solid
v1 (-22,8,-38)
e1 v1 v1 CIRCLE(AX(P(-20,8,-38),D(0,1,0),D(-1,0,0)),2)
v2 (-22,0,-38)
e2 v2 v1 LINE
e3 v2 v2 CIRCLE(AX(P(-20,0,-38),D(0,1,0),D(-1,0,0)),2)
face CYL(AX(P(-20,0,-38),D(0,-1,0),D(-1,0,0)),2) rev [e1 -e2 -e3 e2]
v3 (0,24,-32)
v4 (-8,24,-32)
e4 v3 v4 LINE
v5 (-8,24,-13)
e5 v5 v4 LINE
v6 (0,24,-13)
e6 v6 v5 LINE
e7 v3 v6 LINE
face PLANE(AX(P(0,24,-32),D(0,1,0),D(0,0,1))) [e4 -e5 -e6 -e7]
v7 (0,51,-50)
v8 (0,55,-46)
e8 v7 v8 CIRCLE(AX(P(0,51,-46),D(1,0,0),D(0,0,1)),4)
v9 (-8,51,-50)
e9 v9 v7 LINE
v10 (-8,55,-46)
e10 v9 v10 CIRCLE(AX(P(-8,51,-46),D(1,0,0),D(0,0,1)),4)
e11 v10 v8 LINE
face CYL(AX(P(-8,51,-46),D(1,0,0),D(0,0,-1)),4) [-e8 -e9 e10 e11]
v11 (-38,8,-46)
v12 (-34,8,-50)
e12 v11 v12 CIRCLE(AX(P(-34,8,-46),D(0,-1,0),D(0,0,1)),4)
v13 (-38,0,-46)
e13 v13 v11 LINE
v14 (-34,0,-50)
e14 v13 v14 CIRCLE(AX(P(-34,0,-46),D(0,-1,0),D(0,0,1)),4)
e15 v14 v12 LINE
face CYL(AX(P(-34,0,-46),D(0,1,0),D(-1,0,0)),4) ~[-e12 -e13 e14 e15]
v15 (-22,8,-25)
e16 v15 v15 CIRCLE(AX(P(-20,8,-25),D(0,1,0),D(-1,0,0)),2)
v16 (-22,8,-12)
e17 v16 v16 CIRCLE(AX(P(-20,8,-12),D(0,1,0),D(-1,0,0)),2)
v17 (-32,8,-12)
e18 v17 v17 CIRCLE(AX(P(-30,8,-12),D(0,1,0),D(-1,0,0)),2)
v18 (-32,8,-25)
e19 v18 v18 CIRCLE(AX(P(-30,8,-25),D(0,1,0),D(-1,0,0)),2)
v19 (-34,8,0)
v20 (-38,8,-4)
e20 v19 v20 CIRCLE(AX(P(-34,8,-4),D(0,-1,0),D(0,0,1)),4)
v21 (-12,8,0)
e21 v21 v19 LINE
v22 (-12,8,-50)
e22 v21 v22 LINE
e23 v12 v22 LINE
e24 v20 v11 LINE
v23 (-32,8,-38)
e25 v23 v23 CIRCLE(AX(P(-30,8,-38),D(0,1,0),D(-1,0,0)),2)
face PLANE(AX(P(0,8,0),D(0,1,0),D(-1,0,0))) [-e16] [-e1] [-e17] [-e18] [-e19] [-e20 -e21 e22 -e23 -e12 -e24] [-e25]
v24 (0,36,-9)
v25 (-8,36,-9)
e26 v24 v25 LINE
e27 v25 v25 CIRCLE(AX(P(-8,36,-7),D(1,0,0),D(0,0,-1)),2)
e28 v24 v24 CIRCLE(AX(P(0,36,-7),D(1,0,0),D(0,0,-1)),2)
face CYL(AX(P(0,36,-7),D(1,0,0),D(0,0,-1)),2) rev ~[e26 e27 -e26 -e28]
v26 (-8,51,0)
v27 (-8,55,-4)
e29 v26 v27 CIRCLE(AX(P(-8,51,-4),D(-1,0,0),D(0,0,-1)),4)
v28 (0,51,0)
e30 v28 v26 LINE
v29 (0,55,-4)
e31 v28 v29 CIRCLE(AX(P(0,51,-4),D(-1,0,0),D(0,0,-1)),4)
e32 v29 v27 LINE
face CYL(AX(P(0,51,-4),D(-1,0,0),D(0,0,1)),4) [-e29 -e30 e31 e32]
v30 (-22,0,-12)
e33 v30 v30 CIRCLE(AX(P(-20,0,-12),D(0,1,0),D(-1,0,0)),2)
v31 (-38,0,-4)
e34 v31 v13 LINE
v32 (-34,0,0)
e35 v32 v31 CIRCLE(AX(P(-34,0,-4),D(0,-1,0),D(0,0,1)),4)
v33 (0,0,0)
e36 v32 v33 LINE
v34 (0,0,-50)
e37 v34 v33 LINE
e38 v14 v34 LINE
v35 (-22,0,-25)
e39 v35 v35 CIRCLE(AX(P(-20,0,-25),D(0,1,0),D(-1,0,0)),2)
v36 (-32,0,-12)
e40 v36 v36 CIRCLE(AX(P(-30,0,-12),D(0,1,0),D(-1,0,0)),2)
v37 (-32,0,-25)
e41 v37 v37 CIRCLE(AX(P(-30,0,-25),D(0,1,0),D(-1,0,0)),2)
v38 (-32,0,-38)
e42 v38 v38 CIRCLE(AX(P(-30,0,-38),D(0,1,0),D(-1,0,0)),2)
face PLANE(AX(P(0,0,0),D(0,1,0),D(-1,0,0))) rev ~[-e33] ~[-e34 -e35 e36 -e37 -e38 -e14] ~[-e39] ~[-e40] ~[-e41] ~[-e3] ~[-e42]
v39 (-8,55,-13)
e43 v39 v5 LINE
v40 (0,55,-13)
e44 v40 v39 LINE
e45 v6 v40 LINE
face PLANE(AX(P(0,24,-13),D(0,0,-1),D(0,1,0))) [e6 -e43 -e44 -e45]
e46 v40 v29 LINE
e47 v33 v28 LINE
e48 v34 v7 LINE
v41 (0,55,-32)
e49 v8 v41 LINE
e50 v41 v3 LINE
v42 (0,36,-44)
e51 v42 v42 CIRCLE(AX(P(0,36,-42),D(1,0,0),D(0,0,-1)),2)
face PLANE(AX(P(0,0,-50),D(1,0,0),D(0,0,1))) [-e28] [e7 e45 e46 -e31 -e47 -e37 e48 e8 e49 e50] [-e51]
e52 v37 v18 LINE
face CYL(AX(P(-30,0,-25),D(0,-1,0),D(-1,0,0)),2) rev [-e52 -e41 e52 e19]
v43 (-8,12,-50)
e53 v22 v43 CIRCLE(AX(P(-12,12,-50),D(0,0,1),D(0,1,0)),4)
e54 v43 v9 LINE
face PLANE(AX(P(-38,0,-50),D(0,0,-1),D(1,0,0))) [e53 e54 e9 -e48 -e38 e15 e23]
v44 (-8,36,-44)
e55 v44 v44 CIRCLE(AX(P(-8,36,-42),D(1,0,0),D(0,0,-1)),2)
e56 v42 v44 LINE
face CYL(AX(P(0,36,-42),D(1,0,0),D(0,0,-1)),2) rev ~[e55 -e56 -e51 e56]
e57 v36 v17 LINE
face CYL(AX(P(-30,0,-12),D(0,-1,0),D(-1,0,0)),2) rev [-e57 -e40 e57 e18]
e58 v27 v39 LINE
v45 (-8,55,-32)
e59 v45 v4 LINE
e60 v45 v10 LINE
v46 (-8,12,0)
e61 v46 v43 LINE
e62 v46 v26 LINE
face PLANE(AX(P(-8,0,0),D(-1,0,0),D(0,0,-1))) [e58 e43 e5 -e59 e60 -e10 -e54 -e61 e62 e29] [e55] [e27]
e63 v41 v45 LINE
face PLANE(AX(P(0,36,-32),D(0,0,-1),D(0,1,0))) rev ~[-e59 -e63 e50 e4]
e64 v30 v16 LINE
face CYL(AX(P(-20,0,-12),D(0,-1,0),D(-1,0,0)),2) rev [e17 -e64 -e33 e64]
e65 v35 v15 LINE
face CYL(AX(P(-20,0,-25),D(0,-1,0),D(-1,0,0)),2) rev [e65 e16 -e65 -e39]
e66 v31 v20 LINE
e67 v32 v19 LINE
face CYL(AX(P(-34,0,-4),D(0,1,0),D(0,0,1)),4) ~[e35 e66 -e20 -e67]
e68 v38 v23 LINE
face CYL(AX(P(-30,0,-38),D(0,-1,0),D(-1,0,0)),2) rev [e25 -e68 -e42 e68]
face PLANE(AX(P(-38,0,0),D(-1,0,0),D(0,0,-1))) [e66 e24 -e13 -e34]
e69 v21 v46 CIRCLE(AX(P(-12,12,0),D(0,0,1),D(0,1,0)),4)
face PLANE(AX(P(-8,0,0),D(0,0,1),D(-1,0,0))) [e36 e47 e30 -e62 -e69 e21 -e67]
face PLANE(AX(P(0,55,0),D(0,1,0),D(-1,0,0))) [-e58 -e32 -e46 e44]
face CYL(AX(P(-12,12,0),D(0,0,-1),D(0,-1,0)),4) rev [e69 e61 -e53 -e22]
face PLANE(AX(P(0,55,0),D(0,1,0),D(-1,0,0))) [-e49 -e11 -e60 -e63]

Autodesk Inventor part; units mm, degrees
ref_plane "YZ Plane" through (0, 0, 0) normal (1, 0, 0) x (0, 1, 0)
ref_plane "XZ Plane" through (0, 0, 0) normal (0, 1, 0) x (-1, 0, 0)
ref_plane "XY Plane" through (0, 0, 0) normal (0, 0, 1) x (1, 0, 0)
sketch "Sketch1" plane through (0, 0, 0) normal (0, 1, 0) x (-1, 0, 0)
  line L0 (0, 0) -> (8, 0)
  line L1 (8, 0) -> (8, -50)
  line L2 (8, -50) -> (0, -50)
  line L3 (0, -50) -> (0, 0)
  line L4 (8, 0) -> (38, 0)
  line L5 (38, 0) -> (38, -50)
  line L6 (38, -50) -> (8, -50)
  line L7 (8, -50) -> (8, 0)
  circle A0 centre (30, -12) radius 2
  circle A1 centre (20, -12) radius 2
  circle A2 centre (30, -25) radius 2
  circle A3 centre (20, -25) radius 2
  circle A4 centre (30, -38) radius 2
  circle A5 centre (20, -38) radius 2
  dimension "d15" = 8
  dimension "d16" = 50
  dimension "d17" = 30
extrude "Extrusion3" add sketch "Sketch1" along normal blind 8 contours L4 L5 L6 L1
extrude "Extrusion4" add sketch "Sketch1" along normal blind 55 contours L0 L1 L2 L3
fillet "Fillet1" radius 4 1 edges at (-8, 8, -25)
sketch "Sketch2" plane through (0, 0, 0) normal (1, 0, 0) x (0, 0, -1)
  line L0 (50, 0) -> (0, 0) projected
  line L1 (10, 8) -> (10, 0) projected
  circle A0 centre (7, 36) radius 2
  circle A1 centre (42, 36) radius 2
  line L2 (0, 0) -> (0, 55) projected
  line L3 (50, 0) -> (50, 55) projected
  line L4 (50, 55) -> (0, 55) projected
  line L5 (32, 36) -> (32, 24)
  line L6 (32, 24) -> (13, 24)
  line L7 (13, 24) -> (13, 55)
  line L8 (32, 36) -> (32, 55)
  line L9 (13, 55) -> (32, 55)
  dimension "d30" = 7
  dimension "d31" = 50
  dimension "d32" = 35
  dimension "d33" = 8
  dimension "d34" = 18
  dimension "d35" = 19
extrude "Extrusion5" cut sketch "Sketch2" against normal blind 10 contours L8 L5 L6 L7 L4 | A0 | A1
fillet "Fillet2" radius 4 4 edges at (-4, 55, -50) (-4, 55, 0) (-38, 4, 0) (-38, 4, -50)
properties part number "_3DPrint"
